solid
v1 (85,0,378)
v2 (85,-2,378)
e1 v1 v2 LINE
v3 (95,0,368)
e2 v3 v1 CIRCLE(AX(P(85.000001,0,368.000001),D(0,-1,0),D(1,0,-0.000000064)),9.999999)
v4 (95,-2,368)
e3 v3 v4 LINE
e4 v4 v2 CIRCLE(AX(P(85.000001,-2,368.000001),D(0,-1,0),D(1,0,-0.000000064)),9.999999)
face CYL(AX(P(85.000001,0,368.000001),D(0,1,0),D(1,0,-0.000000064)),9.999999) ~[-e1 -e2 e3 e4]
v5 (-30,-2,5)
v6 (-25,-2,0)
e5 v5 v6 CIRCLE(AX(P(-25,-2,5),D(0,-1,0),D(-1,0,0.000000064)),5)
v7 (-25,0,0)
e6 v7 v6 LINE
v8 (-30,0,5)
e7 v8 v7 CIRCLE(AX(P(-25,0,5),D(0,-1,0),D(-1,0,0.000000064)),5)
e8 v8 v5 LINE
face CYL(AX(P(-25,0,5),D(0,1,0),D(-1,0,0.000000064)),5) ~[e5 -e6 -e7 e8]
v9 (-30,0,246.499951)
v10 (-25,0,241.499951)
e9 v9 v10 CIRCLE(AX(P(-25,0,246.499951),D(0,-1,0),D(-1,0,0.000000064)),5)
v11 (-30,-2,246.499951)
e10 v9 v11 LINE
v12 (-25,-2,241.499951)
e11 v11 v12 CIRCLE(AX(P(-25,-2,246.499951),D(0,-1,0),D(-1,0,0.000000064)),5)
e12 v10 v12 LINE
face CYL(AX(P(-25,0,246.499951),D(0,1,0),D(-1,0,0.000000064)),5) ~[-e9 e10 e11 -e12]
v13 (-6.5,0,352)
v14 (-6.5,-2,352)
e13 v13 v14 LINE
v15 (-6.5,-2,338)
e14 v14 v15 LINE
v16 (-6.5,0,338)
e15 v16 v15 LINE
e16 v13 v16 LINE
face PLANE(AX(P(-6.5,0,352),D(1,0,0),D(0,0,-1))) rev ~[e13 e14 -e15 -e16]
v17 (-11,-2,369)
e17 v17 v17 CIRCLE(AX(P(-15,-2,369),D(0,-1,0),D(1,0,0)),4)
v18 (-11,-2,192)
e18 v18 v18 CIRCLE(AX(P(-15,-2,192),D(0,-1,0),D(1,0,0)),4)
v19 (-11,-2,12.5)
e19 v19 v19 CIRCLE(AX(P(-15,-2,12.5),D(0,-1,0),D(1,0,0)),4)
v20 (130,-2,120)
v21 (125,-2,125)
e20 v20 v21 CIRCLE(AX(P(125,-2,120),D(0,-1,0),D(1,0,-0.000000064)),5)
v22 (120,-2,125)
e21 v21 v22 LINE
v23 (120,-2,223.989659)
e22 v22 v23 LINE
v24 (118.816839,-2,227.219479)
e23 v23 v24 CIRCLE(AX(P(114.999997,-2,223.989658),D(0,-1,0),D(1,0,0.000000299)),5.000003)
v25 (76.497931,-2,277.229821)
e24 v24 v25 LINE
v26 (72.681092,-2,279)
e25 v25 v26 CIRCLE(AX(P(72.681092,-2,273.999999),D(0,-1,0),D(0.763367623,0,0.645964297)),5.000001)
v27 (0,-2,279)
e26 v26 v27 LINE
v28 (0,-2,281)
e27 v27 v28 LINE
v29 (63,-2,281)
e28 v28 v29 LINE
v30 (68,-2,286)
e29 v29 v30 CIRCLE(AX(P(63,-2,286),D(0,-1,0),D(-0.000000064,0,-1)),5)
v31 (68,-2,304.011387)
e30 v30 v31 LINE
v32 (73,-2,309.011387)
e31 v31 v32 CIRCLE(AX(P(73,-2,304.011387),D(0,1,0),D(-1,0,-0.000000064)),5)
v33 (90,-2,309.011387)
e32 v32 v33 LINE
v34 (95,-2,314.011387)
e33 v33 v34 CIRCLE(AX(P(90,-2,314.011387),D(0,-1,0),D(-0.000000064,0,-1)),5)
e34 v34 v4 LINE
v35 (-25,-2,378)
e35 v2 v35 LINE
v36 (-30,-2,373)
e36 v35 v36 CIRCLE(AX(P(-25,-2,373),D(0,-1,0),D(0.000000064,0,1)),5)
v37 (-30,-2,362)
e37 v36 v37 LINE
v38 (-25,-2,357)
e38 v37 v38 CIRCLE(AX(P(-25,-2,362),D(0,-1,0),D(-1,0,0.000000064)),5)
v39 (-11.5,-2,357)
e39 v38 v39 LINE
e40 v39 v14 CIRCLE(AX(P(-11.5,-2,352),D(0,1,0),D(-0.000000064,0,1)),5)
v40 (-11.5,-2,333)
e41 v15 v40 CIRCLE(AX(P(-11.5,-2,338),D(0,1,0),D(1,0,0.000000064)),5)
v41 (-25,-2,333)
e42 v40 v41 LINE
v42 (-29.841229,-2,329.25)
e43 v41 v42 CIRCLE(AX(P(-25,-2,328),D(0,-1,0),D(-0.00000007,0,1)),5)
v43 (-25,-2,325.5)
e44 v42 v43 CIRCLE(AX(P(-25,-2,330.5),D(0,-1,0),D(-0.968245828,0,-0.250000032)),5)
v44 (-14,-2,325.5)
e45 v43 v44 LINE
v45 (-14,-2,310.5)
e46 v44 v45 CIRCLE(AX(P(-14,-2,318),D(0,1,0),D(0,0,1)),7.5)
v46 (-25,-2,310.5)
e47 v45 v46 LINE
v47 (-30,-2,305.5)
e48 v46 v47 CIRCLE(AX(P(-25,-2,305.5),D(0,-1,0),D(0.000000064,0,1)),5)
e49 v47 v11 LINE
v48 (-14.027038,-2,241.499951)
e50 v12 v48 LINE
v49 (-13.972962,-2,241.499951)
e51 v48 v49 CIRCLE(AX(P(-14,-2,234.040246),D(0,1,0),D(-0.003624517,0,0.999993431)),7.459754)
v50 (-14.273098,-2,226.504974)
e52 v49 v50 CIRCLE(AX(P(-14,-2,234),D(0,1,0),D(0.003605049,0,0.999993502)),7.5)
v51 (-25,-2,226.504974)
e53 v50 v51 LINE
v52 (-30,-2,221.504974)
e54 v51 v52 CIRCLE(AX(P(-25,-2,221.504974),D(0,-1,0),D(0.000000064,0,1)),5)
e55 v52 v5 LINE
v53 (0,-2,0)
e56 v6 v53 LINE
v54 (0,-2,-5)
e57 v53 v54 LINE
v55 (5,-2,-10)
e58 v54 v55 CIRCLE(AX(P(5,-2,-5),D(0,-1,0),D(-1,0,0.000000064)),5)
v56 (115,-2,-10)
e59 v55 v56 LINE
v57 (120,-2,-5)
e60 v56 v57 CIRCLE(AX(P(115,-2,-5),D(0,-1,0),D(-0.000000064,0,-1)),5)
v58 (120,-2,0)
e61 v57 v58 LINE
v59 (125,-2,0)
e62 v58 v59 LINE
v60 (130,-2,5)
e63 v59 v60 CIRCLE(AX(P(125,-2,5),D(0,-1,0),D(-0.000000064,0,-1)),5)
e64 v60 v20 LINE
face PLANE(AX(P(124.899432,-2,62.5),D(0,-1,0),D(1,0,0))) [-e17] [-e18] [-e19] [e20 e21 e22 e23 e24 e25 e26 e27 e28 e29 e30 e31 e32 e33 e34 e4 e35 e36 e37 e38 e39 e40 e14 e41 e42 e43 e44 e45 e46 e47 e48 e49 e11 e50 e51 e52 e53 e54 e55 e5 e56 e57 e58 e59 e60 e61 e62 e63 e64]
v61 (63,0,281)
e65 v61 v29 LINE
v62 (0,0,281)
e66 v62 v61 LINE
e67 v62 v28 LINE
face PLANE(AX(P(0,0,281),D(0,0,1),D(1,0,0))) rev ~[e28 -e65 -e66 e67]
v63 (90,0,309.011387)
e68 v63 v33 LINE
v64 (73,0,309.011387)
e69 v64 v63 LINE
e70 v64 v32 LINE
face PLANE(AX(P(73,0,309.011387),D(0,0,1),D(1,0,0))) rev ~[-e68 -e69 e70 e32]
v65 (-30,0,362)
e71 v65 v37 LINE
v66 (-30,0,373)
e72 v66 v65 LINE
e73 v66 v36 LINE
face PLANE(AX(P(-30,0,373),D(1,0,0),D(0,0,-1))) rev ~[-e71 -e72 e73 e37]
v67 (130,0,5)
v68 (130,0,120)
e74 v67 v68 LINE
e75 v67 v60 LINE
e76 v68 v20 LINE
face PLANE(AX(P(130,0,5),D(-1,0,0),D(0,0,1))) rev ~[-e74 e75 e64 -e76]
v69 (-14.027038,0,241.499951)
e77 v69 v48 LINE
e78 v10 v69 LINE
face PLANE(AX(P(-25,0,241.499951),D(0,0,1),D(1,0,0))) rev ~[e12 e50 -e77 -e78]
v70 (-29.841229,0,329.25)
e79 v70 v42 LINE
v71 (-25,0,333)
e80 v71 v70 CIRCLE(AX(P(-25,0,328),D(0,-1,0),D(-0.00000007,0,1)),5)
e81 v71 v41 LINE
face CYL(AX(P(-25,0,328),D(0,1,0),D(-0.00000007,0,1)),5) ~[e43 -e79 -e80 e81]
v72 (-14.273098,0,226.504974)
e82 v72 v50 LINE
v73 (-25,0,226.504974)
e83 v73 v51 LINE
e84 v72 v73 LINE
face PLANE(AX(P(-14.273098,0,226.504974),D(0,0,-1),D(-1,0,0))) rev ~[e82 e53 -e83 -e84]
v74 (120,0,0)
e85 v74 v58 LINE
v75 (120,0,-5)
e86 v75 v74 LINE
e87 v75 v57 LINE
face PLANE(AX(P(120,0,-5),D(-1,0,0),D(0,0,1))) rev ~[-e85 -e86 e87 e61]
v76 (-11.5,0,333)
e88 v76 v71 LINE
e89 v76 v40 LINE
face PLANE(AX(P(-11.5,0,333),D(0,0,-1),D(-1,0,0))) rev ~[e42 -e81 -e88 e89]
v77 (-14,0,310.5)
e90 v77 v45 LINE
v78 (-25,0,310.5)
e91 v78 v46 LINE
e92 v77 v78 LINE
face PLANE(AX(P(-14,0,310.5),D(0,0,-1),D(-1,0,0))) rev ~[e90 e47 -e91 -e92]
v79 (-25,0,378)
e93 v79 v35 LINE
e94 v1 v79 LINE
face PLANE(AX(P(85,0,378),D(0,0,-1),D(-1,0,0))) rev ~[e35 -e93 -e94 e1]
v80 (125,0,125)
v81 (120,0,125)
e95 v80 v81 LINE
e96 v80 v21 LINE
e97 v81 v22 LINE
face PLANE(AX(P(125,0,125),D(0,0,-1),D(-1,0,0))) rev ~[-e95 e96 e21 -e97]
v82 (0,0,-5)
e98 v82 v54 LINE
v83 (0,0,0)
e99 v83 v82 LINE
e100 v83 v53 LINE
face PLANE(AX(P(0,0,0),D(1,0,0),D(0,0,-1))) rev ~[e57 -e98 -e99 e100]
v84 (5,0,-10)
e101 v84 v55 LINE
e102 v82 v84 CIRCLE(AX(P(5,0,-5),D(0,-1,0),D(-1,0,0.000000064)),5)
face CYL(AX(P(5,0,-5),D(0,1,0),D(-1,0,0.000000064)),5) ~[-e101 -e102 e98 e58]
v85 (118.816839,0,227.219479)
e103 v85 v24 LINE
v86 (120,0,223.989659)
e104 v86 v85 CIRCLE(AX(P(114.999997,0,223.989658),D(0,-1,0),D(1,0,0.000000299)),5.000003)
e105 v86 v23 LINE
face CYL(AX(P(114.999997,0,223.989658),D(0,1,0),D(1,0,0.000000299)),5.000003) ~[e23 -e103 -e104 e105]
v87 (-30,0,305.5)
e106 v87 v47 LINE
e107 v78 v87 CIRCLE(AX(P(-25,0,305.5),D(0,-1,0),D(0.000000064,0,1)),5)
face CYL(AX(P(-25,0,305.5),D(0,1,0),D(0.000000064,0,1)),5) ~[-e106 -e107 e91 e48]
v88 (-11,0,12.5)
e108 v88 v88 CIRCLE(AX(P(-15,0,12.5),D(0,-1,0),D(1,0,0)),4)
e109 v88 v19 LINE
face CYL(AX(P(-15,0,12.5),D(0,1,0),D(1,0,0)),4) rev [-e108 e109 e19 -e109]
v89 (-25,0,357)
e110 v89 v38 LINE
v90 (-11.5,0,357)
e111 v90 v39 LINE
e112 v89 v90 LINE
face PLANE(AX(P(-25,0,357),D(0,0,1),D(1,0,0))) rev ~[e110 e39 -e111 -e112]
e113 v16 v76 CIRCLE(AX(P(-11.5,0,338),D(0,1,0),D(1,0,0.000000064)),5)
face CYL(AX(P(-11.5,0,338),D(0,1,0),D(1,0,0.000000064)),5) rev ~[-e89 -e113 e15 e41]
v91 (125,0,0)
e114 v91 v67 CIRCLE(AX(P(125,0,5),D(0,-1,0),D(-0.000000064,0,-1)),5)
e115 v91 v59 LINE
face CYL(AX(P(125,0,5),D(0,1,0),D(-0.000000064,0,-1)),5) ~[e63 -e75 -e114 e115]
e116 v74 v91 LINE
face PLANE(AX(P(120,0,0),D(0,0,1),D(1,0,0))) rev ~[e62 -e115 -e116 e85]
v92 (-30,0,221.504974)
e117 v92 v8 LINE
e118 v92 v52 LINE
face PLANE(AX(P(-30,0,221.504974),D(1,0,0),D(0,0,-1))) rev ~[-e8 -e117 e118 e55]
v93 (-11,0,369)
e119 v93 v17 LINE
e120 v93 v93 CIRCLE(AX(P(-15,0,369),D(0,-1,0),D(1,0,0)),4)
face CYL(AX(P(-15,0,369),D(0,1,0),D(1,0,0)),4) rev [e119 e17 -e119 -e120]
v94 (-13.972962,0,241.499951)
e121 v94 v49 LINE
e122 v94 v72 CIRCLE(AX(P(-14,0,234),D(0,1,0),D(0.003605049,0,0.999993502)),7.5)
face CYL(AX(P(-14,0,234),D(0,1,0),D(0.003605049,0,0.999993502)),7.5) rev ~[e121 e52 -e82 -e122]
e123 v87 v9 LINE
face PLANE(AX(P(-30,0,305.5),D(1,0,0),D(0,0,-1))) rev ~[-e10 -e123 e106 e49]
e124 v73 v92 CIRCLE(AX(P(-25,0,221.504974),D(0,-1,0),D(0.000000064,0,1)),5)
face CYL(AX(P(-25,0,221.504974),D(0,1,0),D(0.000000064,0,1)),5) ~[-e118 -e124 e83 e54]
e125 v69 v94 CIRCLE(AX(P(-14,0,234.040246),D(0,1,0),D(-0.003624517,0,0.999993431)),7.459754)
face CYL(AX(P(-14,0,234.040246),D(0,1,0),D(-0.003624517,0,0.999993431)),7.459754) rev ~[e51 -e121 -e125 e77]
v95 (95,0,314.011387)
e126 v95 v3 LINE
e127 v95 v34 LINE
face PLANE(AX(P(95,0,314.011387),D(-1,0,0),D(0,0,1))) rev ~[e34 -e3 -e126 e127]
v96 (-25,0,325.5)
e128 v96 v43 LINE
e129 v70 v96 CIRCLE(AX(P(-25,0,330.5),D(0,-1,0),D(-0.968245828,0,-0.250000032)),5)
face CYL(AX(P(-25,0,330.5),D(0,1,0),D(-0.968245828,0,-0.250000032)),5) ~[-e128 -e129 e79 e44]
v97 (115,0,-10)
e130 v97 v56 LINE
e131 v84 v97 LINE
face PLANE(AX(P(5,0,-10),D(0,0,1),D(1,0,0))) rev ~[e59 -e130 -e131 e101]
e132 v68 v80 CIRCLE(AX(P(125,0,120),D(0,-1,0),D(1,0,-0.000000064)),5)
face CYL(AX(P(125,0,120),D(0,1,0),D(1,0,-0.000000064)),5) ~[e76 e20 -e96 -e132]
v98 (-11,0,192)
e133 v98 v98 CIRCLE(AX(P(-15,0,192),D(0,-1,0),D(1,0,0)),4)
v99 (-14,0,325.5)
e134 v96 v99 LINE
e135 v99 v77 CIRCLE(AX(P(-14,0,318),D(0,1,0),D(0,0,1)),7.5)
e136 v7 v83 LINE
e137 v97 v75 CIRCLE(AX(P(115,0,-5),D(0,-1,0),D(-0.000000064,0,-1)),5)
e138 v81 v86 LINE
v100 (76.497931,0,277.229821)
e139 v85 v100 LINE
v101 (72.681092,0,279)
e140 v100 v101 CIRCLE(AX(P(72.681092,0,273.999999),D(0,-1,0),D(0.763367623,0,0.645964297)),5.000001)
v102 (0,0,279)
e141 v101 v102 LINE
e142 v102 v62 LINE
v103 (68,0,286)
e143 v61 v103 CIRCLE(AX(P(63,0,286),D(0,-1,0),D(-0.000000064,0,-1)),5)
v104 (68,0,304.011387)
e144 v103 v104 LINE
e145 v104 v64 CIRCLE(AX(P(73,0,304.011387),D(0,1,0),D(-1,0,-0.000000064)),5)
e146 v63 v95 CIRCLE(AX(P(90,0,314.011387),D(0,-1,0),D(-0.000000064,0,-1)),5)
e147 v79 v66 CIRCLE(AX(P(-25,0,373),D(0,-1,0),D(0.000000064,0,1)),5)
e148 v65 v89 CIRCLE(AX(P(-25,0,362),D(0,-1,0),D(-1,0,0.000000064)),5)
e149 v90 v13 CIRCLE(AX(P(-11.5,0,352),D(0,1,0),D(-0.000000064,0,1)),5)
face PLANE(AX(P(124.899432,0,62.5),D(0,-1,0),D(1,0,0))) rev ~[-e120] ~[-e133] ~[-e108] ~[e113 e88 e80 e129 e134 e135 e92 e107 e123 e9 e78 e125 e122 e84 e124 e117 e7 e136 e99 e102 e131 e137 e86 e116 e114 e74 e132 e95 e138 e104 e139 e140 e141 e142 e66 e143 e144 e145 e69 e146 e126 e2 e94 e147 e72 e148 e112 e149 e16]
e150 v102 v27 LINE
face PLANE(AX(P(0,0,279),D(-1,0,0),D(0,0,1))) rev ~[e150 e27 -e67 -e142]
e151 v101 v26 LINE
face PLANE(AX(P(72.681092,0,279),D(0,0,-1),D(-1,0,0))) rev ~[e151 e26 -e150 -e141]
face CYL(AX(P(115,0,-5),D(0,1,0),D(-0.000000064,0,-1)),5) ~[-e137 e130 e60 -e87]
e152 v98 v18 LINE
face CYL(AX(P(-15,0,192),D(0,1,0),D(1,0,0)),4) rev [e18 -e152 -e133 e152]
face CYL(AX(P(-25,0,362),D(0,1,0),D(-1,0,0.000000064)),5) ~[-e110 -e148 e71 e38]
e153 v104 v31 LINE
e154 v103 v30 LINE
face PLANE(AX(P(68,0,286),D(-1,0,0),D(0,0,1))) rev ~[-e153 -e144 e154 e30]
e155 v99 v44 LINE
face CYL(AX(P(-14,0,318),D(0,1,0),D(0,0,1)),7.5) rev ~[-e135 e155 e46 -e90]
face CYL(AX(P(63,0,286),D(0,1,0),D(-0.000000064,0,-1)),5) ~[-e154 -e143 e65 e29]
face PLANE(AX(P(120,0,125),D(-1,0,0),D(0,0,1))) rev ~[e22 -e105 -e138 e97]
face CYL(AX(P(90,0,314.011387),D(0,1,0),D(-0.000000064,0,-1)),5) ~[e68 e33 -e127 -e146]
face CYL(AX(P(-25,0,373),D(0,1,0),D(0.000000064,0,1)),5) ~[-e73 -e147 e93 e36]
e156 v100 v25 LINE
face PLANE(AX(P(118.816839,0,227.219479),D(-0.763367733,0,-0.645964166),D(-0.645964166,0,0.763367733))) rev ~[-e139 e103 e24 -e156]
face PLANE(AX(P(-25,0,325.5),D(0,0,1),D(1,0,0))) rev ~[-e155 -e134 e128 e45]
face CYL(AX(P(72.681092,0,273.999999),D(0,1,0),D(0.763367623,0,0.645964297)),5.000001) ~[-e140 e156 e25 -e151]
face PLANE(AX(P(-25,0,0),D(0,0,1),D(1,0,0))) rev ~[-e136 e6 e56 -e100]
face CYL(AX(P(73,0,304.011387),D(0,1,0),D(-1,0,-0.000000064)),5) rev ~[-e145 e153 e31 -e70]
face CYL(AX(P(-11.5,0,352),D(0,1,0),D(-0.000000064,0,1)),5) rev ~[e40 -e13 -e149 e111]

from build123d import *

# Parameters (mm, degrees)
F0_R     = 4
F1_DEPTH = 2


with BuildPart() as f1:
    # F0 (on Front) → F1 (new body)
    with BuildSketch(Plane.XZ):
        with BuildLine():
            Line((125, 125), (120, 125))
            Line((120, 125), (120, 0))
            Line((120, 0), (125, 0))
            ThreePointArc((125, 0), (128.535534, 1.464466), (130, 5))
            Line((130, 5), (130, 120))
            ThreePointArc((130, 120), (128.535534, 123.535534), (125, 125))
        make_face()
        with BuildLine():
            Line((120, -5), (120, 0))
            Line((120, 0), (0, 0))
            Line((0, 0), (0, -5))
            ThreePointArc((0, -5), (1.464466, -8.535534), (5, -10))
            Line((5, -10), (115, -10))
            ThreePointArc((115, -10), (118.535534, -8.535534), (120, -5))
        make_face()
        with BuildLine():
            Line((85, 378), (5, 378))
            Line((5, 378), (-25, 378))
            ThreePointArc((-25, 378), (-28.535534, 376.535534), (-30, 373))
            Line((-30, 373), (-30, 362))
            ThreePointArc((-30, 362), (-28.535534, 358.464466), (-25, 357))
            Line((-25, 357), (-11.5, 357))
            ThreePointArc((-11.5, 357), (-7.964466, 355.535534), (-6.5, 352))
            Line((-6.5, 352), (-6.5, 338))
            ThreePointArc((-6.5, 338), (-7.964466, 334.464466), (-11.5, 333))
            Line((-11.5, 333), (-25, 333))
            ThreePointArc((-25, 333), (-28.061862, 331.952847), (-29.841229, 329.25))
            ThreePointArc((-29.841229, 329.25), (-28.061862, 326.547153), (-25, 325.5))
            Line((-25, 325.5), (-14, 325.5))
            ThreePointArc((-14, 325.5), (-6.5, 318), (-14, 310.5))
            Line((-14, 310.5), (-25, 310.5))
            ThreePointArc((-25, 310.5), (-28.535534, 309.035534), (-30, 305.5))
            Line((-30, 305.5), (-30, 246.499951))
            ThreePointArc((-30, 246.499951), (-28.535534, 242.964417), (-25, 241.499951))
            Line((-25, 241.499951), (-14.027038, 241.499951))
            ThreePointArc((-14.027038, 241.499951), (-14, 241.5), (-13.972962, 241.499951))
            ThreePointArc((-13.972962, 241.499951), (-6.501502, 233.849912), (-14.273098, 226.504974))
            Line((-14.273098, 226.504974), (-25, 226.504974))
            ThreePointArc((-25, 226.504974), (-28.535534, 225.040508), (-30, 221.504974))
            Line((-30, 221.504974), (-30, 5))
            ThreePointArc((-30, 5), (-28.535534, 1.464466), (-25, 0))
            Line((-25, 0), (0, 0))
            Line((0, 0), (120, 0))
            Line((120, 0), (120, 125))
            Line((120, 125), (120, 223.989659))
            ThreePointArc((120, 223.989659), (119.694901, 225.709514), (118.816839, 227.219479))
            Line((118.816839, 227.219479), (76.497931, 277.229821))
            ThreePointArc((76.497931, 277.229821), (74.784767, 278.535918), (72.681092, 279))
            Line((72.681092, 279), (0, 279))
            Line((0, 279), (0, 281))
            Line((0, 281), (63, 281))
            ThreePointArc((63, 281), (66.535534, 282.464466), (68, 286))
            Line((68, 286), (68, 304.011387))
            ThreePointArc((68, 304.011387), (69.464466, 307.546921), (73, 309.011387))
            Line((73, 309.011387), (90, 309.011387))
            ThreePointArc((90, 309.011387), (93.535534, 310.475853), (95, 314.011387))
            Line((95, 314.011387), (95, 368))
            ThreePointArc((95, 368), (92.071068, 375.071068), (85, 378))
        make_face()
        with Locations((-15, 12.5)):
            Circle(F0_R, mode=Mode.SUBTRACT)
        with Locations((-15, 192)):
            Circle(F0_R, mode=Mode.SUBTRACT)
        with Locations((-15, 369)):
            Circle(F0_R, mode=Mode.SUBTRACT)
    extrude(amount=F1_DEPTH)


solid = f1.part
